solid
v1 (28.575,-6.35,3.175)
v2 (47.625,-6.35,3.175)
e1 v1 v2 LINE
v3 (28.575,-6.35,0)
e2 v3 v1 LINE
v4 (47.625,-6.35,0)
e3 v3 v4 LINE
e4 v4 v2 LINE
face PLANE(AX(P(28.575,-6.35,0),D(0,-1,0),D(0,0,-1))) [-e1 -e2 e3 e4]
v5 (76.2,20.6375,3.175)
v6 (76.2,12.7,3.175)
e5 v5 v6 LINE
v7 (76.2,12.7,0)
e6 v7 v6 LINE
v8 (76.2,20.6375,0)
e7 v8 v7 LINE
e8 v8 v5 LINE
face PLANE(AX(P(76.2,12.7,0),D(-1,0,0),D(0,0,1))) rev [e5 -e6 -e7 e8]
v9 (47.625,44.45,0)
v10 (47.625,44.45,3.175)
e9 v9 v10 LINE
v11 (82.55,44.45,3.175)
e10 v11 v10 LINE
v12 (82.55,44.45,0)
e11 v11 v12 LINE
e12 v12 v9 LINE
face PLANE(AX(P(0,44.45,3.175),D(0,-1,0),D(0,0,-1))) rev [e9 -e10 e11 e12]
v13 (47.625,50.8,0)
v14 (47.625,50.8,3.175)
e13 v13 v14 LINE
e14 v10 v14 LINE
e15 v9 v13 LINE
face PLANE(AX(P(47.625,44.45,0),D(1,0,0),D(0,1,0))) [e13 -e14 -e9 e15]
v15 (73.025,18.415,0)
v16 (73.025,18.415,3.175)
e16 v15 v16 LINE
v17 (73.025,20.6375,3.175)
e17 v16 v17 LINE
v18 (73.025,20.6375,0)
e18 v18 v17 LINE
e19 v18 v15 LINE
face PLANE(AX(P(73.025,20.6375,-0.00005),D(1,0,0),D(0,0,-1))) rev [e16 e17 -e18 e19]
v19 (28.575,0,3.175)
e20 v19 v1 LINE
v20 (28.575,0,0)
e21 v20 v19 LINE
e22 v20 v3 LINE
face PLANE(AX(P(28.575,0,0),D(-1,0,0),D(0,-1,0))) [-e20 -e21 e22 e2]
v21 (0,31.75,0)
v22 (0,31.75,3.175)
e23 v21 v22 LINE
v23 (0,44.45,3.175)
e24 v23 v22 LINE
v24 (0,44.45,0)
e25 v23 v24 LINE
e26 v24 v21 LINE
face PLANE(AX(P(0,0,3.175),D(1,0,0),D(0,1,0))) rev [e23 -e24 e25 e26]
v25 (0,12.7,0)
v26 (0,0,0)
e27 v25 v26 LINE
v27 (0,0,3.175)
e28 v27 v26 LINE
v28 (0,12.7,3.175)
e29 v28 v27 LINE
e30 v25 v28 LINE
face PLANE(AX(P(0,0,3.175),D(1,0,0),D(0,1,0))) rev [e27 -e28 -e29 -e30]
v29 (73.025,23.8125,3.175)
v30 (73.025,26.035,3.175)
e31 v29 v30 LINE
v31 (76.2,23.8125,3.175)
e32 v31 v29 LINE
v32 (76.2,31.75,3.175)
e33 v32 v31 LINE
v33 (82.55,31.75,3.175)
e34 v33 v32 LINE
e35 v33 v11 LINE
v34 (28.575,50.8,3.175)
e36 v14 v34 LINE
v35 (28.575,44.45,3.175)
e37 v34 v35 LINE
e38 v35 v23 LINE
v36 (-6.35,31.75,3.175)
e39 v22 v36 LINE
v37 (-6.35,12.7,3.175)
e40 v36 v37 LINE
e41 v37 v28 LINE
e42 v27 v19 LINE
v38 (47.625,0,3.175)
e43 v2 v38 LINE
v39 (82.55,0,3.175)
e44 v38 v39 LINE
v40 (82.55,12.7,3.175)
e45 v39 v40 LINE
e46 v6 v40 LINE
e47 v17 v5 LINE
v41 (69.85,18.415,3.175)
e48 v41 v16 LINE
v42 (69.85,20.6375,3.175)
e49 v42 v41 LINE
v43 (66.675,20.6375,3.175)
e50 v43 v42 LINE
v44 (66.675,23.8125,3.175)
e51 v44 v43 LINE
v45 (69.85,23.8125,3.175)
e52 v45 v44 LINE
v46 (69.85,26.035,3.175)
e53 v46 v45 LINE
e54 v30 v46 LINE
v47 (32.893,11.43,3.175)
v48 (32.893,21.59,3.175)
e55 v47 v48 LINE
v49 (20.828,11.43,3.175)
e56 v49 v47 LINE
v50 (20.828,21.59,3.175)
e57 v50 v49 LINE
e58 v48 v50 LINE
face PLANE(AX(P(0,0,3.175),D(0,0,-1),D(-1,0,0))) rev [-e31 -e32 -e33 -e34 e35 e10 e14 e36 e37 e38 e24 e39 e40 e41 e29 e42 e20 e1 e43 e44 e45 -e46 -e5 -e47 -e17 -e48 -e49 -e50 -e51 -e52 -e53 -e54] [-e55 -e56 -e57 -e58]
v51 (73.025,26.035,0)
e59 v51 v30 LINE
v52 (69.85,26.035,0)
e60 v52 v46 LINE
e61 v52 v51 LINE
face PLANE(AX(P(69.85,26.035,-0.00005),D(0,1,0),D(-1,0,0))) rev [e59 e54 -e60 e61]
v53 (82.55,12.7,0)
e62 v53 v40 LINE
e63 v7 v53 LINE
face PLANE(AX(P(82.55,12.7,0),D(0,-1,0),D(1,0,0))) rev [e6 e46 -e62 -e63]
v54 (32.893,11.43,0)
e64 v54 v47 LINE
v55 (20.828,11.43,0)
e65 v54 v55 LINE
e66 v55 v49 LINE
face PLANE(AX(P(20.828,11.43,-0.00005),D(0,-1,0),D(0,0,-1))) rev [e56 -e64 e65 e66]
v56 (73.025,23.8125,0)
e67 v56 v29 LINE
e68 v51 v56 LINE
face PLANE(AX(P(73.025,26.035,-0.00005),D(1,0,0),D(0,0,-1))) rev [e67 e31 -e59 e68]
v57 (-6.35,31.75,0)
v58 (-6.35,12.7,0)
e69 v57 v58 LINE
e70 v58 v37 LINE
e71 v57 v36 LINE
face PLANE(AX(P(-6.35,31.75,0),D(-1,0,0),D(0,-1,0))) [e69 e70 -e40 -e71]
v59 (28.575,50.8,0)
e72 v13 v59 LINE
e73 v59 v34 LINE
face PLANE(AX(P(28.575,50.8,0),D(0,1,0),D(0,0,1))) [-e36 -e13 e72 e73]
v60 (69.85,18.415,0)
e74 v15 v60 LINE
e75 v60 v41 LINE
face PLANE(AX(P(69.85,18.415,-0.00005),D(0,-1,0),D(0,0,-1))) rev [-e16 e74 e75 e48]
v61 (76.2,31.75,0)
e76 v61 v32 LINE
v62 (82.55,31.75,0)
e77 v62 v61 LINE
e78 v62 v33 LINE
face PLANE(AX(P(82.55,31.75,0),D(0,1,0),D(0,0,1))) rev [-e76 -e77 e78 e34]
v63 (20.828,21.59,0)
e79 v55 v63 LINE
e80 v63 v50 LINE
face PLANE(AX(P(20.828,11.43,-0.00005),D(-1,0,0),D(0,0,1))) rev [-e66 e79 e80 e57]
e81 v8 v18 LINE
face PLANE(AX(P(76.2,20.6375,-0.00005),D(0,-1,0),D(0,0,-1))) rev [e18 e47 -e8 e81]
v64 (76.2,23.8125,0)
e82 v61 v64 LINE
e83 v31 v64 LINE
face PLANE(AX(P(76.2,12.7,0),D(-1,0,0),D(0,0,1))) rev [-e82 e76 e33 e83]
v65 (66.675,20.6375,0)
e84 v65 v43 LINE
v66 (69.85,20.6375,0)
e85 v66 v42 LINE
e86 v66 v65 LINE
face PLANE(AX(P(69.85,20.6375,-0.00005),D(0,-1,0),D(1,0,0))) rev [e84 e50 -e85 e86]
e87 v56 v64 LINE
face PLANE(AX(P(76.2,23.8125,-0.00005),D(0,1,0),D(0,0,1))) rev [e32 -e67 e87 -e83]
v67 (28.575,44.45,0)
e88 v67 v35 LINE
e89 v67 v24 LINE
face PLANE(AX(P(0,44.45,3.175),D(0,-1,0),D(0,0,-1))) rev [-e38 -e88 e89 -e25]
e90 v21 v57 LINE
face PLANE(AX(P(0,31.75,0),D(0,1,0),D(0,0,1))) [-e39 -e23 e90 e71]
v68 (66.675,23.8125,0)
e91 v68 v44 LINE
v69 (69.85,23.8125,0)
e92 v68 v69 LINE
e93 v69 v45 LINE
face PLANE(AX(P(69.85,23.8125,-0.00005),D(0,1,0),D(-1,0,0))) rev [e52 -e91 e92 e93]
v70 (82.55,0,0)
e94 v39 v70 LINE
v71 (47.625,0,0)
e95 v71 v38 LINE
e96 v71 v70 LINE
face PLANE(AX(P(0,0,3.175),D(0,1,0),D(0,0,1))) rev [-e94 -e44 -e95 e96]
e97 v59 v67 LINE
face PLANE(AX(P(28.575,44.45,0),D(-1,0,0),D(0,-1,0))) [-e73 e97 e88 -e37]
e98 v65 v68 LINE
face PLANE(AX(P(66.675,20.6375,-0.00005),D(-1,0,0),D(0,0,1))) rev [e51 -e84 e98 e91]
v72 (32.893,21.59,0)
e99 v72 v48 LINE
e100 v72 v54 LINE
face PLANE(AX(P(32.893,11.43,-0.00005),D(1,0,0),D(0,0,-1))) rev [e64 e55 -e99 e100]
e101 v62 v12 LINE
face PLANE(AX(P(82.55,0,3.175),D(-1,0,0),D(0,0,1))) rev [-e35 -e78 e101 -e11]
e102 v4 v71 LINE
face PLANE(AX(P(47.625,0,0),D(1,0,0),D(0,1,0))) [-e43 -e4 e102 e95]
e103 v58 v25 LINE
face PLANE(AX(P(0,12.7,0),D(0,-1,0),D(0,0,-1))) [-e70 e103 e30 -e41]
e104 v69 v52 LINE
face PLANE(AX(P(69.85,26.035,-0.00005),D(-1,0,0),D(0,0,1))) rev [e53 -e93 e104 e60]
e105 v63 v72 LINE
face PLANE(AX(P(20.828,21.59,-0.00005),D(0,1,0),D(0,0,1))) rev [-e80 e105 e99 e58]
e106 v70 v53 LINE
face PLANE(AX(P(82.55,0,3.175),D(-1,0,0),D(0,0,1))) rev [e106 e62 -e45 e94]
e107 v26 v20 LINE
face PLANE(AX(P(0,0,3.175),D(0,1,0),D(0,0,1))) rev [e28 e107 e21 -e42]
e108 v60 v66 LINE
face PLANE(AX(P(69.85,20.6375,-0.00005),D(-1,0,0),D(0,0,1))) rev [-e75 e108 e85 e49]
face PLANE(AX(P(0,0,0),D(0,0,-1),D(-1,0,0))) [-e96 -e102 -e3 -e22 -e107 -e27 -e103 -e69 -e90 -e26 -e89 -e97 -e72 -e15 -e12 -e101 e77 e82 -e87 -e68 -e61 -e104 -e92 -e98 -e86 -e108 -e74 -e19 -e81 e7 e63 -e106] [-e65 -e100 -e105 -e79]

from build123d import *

# Parameters (mm, degrees)
SKETCH1_W           = 82.55
SKETCH1_H           = 44.45
BOSS_EXTRUDE1_DEPTH = 3.175
SKETCH2_W           = 6.35
SKETCH2_H           = 19.05
BOSS_EXTRUDE2_DEPTH = 3.175
SKETCH5_W           = 19.05
SKETCH5_H           = 6.35
BOSS_EXTRUDE3_DEPTH = 3.175
SKETCH3_W           = 6.35
SKETCH3_H           = 19.05
CUT_EXTRUDE1_DEPTH  = 3.175
SKETCH6_W           = 12.065
SKETCH6_H           = 10.16
CUT_EXTRUDE2_DEPTH  = 97.980529618
CUT_EXTRUDE3_DEPTH  = 97.980529618


with BuildPart() as part:
    # Sketch1 → Boss-Extrude1 (new body)
    with BuildSketch(Plane.XY):
        with Locations((41.275, 22.225)):
            Rectangle(SKETCH1_W, SKETCH1_H)
    extrude(amount=BOSS_EXTRUDE1_DEPTH)

    # Sketch2 → Boss-Extrude2 (add)
    with BuildSketch(Plane.XY.offset(3.175)):
        with Locations((-3.175, 22.225)):
            Rectangle(SKETCH2_W, SKETCH2_H)
    extrude(amount=-BOSS_EXTRUDE2_DEPTH)

    # Sketch5 → Boss-Extrude3 (add)
    with BuildSketch(Plane.XY.offset(3.175)):
        with Locations((38.1, 47.625)):
            Rectangle(SKETCH5_W, SKETCH5_H)
        with Locations((38.1, -3.175)):
            Rectangle(SKETCH5_W, SKETCH5_H)
    extrude(amount=-BOSS_EXTRUDE3_DEPTH)

    # Sketch3 → Cut-Extrude1 (cut)
    with BuildSketch(Plane.XY.offset(3.175)):
        with Locations((79.375, 22.225)):
            Rectangle(SKETCH3_W, SKETCH3_H)
    extrude(amount=-CUT_EXTRUDE1_DEPTH, mode=Mode.SUBTRACT)

    # Sketch6 → Cut-Extrude2 (cut, through all)
    with BuildSketch(Plane.XY.offset(3.175)):
        with Locations((26.8605, 16.51)):
            Rectangle(SKETCH6_W, SKETCH6_H)
    extrude(amount=-CUT_EXTRUDE2_DEPTH, mode=Mode.SUBTRACT)

    # Sketch7 → Cut-Extrude3 (cut, through all)
    with BuildSketch(Plane.XY.offset(3.175)):
        Polygon((69.85, 26.035), (73.025, 26.035), (73.025, 23.8125), (76.2, 23.8125), (76.2, 20.6375), (73.025, 20.6375), (73.025, 18.415), (69.85, 18.415), (69.85, 20.6375), (66.675, 20.6375), (66.675, 23.8125), (69.85, 23.8125), align=None)
    extrude(amount=-CUT_EXTRUDE3_DEPTH, mode=Mode.SUBTRACT)


solid = part.part
